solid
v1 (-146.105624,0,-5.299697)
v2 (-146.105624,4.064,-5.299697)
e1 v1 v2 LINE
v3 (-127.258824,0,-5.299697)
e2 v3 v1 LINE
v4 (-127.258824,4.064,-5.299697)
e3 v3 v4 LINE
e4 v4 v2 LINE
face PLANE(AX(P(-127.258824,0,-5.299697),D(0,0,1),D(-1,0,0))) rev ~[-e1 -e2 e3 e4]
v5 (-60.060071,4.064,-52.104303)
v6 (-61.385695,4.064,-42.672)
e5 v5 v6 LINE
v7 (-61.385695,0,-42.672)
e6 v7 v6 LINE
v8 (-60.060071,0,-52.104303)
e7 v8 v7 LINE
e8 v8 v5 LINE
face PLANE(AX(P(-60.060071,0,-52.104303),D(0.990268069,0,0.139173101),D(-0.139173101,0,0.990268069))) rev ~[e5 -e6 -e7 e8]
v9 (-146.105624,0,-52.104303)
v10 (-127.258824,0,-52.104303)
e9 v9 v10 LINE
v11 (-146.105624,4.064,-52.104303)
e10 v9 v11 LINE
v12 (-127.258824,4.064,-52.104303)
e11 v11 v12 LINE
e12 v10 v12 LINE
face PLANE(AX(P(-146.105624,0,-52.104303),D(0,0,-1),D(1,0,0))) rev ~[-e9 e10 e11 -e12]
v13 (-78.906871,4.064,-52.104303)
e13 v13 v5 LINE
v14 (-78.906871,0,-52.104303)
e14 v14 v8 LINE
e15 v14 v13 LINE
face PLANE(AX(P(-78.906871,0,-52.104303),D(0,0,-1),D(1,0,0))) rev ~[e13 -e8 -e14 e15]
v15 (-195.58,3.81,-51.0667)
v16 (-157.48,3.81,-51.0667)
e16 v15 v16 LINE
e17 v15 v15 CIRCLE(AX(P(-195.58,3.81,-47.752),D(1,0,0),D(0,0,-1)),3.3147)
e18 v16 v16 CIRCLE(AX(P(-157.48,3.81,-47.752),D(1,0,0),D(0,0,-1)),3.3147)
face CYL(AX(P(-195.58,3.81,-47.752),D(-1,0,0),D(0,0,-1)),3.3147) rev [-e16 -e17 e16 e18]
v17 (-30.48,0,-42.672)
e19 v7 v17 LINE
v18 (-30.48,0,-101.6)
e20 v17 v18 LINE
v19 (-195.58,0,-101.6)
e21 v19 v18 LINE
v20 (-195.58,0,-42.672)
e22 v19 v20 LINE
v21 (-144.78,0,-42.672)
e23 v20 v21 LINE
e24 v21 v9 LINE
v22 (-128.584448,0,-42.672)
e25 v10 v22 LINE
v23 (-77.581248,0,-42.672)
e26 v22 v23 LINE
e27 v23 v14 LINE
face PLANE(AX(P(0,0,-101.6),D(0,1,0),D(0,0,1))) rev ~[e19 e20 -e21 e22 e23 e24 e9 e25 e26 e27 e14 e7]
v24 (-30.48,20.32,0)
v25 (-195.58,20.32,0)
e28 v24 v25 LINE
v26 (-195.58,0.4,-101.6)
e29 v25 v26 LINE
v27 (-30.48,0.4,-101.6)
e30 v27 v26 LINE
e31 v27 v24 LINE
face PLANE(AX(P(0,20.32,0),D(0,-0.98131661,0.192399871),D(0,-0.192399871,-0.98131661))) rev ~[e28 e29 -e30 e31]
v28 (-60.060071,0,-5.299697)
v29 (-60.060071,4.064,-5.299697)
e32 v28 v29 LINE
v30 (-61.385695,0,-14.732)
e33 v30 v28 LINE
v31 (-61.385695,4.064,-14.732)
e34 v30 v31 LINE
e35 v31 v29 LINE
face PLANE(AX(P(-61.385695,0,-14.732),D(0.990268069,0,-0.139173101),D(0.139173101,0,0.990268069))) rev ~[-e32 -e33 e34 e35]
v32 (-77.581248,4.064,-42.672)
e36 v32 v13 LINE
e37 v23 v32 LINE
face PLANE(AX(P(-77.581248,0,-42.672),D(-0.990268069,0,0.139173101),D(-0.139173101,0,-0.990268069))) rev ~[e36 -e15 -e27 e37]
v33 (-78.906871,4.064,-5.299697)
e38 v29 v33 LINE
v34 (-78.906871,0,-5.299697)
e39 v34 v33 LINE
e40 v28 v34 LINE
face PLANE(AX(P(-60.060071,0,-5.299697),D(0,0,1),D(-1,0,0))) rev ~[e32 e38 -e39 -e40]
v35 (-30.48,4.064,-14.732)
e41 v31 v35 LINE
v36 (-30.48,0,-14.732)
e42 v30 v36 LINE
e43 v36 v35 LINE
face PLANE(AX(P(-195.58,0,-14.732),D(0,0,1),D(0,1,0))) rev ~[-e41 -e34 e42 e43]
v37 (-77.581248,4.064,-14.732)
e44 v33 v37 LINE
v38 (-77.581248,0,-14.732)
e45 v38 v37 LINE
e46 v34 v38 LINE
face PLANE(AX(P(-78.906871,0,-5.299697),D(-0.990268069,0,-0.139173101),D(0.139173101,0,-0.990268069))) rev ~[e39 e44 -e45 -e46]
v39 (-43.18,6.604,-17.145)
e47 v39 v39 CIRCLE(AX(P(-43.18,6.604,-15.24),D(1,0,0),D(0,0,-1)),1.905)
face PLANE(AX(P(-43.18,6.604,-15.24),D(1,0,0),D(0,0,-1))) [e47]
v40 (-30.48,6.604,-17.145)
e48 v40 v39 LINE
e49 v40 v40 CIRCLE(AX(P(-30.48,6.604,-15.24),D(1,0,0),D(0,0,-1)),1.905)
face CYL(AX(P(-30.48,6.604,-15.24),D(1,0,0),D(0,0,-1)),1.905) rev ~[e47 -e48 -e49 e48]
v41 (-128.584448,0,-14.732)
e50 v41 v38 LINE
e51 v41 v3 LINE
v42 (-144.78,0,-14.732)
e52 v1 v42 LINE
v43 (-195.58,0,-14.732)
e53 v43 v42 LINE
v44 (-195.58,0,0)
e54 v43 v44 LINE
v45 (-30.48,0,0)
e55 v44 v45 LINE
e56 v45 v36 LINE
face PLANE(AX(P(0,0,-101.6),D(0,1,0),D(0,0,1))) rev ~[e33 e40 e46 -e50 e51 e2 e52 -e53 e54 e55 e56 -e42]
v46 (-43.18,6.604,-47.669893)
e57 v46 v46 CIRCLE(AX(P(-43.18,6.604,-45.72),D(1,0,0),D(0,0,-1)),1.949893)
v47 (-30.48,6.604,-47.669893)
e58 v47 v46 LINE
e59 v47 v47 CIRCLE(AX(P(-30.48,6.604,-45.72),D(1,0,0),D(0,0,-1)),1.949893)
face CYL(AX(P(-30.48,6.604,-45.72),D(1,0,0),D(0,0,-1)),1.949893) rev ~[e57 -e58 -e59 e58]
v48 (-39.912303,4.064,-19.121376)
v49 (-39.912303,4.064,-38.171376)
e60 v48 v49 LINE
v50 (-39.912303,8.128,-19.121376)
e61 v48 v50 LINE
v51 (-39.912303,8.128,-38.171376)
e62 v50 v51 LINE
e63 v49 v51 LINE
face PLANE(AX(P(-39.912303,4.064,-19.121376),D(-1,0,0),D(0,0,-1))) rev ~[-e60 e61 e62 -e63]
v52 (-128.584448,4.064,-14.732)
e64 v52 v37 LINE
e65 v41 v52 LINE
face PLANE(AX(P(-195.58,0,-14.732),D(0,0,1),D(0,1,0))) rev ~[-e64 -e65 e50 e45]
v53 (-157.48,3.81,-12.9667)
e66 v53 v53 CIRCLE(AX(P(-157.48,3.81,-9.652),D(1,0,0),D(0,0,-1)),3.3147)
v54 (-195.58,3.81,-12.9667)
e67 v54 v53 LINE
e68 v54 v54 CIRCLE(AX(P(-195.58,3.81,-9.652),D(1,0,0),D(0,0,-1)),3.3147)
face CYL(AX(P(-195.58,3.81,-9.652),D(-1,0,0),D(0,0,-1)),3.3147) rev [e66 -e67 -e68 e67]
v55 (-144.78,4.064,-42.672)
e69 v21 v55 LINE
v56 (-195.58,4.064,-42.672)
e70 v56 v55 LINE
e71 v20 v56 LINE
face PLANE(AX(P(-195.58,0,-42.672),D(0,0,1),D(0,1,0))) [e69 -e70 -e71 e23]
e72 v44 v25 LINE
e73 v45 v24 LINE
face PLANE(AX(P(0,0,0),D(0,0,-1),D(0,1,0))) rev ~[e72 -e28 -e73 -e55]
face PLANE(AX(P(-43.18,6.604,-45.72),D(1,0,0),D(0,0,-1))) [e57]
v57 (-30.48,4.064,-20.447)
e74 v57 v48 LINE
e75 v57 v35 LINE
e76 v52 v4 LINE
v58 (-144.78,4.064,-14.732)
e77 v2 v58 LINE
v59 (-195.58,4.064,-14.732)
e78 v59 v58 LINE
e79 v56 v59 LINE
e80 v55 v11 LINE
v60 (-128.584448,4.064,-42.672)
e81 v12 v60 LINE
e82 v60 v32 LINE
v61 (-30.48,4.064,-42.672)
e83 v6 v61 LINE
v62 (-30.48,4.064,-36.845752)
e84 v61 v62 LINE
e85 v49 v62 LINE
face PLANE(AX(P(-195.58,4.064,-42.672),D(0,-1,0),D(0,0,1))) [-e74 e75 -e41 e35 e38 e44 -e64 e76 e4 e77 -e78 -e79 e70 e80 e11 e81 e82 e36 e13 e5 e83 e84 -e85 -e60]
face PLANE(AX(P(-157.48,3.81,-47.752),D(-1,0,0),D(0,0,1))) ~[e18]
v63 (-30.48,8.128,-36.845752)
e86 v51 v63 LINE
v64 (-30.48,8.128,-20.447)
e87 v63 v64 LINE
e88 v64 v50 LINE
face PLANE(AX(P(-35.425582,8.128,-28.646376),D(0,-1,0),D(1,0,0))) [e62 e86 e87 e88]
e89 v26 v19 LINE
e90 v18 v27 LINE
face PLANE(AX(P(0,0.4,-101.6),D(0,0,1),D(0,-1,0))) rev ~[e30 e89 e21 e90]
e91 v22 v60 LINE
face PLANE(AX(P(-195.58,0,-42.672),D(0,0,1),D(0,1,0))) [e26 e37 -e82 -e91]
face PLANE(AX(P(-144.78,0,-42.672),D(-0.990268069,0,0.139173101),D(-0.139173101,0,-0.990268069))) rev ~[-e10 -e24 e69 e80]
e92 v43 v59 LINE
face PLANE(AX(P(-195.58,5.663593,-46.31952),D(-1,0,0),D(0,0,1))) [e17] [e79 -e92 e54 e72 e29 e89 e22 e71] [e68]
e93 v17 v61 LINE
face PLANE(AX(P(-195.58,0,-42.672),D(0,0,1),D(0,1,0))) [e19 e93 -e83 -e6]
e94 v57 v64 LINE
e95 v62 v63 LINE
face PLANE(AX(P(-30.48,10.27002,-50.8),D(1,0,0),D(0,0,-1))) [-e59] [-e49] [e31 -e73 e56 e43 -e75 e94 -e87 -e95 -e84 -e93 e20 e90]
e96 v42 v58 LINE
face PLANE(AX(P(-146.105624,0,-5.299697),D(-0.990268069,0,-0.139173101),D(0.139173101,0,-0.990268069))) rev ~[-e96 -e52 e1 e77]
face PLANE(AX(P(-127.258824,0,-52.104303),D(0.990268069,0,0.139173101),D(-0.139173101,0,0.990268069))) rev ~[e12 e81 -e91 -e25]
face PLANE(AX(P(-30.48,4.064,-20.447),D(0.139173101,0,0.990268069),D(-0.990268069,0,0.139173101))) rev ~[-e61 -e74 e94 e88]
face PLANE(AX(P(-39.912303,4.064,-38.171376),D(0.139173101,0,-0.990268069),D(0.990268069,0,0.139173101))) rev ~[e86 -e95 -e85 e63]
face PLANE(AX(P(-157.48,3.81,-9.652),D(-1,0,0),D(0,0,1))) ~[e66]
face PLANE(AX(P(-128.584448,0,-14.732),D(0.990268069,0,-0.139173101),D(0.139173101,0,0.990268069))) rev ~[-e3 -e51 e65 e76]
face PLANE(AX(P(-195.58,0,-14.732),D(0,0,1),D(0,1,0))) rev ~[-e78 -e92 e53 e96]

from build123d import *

# Parameters (mm, degrees)
BOSS_EXTRUDE1_DEPTH = 195.58
SKETCH2_R           = 3.3147
CUT_EXTRUDE1_DEPTH  = 38.1
SKETCH3_W           = 27.94
SKETCH3_H           = 4.064
CUT_EXTRUDE2_DEPTH  = 405.649982083
CUT_EXTRUDE3_DEPTH  = 4.064
SKETCH7_W           = 101.6
SKETCH7_H           = 20.540040578
CUT_EXTRUDE5_DEPTH  = 226.06
CUT_EXTRUDE6_DEPTH  = 4.064
SKETCH10_R          = 1.905
SKETCH10_R_2        = 1.949893387
CUT_EXTRUDE7_DEPTH  = 12.7


with BuildPart() as part:
    # Sketch1 → Boss-Extrude1 (new, symmetric)
    with BuildSketch(Plane(origin=(0, 0, 0), x_dir=(0, 0, -1), z_dir=(1, 0, 0))):
        Polygon((0, 0), (0, 20.32), (101.6, 0.4), (101.6, 0), align=None)
    extrude(amount=BOSS_EXTRUDE1_DEPTH, both=True)

    # Sketch2 → Cut-Extrude1 (cut)
    with BuildSketch(Plane(origin=(195.58, 0, 0), x_dir=(0, 0, -1), z_dir=(1, 0, 0))):
        with Locations((9.652, 3.81)):
            Circle(SKETCH2_R)
        with Locations((47.752, 3.81)):
            Circle(SKETCH2_R)
    cut_extrude1 = extrude(amount=-CUT_EXTRUDE1_DEPTH, mode=Mode.SUBTRACT)

    # Mirror3: Cut-Extrude1 across plane
    add(cut_extrude1.mirror(Plane(origin=(0, 0, 0), x_dir=(0, 0, 1), z_dir=(1, 0, 0))), mode=Mode.SUBTRACT)

    # Sketch3 → Cut-Extrude2 (cut, through all)
    with BuildSketch(Plane.ZY.offset(195.58)):
        with Locations((-28.702, 2.032)):
            Rectangle(SKETCH3_W, SKETCH3_H)
    extrude(amount=-CUT_EXTRUDE2_DEPTH, mode=Mode.SUBTRACT)

    # Sketch4 → Cut-Extrude3 (cut)
    with BuildSketch(Plane.XZ):
        Polygon((-144.78, -42.672), (-146.105623787, -52.104303355), (-144.78, -52.104303355), (-128.584447573, -52.104303355), (-127.258823787, -52.104303355), (-128.584447573, -42.672), align=None)
        Polygon((-77.581247573, -42.672), (-78.90687136, -52.104303355), (-77.581247573, -52.104303355), (-61.385695147, -52.104303355), (-60.06007136, -52.104303355), (-61.385695147, -42.672), align=None)
        Polygon((-10.382495147, -42.672), (-11.708118933, -52.104303355), (-10.382495147, -52.104303355), (5.81305728, -52.104303355), (7.138681067, -52.104303355), (5.81305728, -42.672), align=None)
        Polygon((56.81625728, -42.672), (55.490633493, -52.104303355), (56.81625728, -52.104303355), (73.011809707, -52.104303355), (74.337433493, -52.104303355), (73.011809707, -42.672), align=None)
        Polygon((124.015009707, -42.672), (122.68938592, -52.104303355), (124.015009707, -52.104303355), (140.210562134, -52.104303355), (141.53618592, -52.104303355), (140.210562134, -42.672), align=None)
        Polygon((124.015009707, -14.732), (140.210562134, -14.732), (141.53618592, -5.299696645), (140.210562134, -5.299696645), (124.015009707, -5.299696645), (122.68938592, -5.299696645), align=None)
        Polygon((56.81625728, -14.732), (73.011809707, -14.732), (74.337433493, -5.299696645), (73.011809707, -5.299696645), (56.81625728, -5.299696645), (55.490633493, -5.299696645), align=None)
        Polygon((-10.382495147, -14.732), (5.81305728, -14.732), (7.138681067, -5.299696645), (5.81305728, -5.299696645), (-10.382495147, -5.299696645), (-11.708118933, -5.299696645), align=None)
        Polygon((-77.581247573, -14.732), (-61.385695147, -14.732), (-60.06007136, -5.299696645), (-61.385695147, -5.299696645), (-77.581247573, -5.299696645), (-78.90687136, -5.299696645), align=None)
        Polygon((-144.78, -14.732), (-128.584447573, -14.732), (-127.258823787, -5.299696645), (-128.584447573, -5.299696645), (-144.78, -5.299696645), (-146.105623787, -5.299696645), align=None)
    extrude(amount=-CUT_EXTRUDE3_DEPTH, mode=Mode.SUBTRACT)

    # Sketch7 → Cut-Extrude5 (cut)
    with BuildSketch(Plane(origin=(195.58, 0, 0), x_dir=(0, 0, -1), z_dir=(1, 0, 0))):
        with Locations((50.8, 10.270020289)):
            Rectangle(SKETCH7_W, SKETCH7_H)
    extrude(amount=-CUT_EXTRUDE5_DEPTH, mode=Mode.SUBTRACT)

    # Sketch9 → Cut-Extrude6 (cut)
    with BuildSketch(Plane.XZ.offset(-4.064)):
        Polygon((-30.48, -20.447), (-39.912303355, -19.121376213), (-39.912303355, -38.171376213), (-30.48, -36.845752427), align=None)
    extrude(amount=-CUT_EXTRUDE6_DEPTH, mode=Mode.SUBTRACT)

    # Sketch10 → Cut-Extrude7 (cut)
    with BuildSketch(Plane(origin=(-30.48, 0, 0), x_dir=(0, 0, -1), z_dir=(1, 0, 0))):
        with Locations((15.24, 6.604)):
            Circle(SKETCH10_R)
        with Locations((45.72, 6.604)):
            Circle(SKETCH10_R_2)
    extrude(amount=-CUT_EXTRUDE7_DEPTH, mode=Mode.SUBTRACT)


solid = part.part
